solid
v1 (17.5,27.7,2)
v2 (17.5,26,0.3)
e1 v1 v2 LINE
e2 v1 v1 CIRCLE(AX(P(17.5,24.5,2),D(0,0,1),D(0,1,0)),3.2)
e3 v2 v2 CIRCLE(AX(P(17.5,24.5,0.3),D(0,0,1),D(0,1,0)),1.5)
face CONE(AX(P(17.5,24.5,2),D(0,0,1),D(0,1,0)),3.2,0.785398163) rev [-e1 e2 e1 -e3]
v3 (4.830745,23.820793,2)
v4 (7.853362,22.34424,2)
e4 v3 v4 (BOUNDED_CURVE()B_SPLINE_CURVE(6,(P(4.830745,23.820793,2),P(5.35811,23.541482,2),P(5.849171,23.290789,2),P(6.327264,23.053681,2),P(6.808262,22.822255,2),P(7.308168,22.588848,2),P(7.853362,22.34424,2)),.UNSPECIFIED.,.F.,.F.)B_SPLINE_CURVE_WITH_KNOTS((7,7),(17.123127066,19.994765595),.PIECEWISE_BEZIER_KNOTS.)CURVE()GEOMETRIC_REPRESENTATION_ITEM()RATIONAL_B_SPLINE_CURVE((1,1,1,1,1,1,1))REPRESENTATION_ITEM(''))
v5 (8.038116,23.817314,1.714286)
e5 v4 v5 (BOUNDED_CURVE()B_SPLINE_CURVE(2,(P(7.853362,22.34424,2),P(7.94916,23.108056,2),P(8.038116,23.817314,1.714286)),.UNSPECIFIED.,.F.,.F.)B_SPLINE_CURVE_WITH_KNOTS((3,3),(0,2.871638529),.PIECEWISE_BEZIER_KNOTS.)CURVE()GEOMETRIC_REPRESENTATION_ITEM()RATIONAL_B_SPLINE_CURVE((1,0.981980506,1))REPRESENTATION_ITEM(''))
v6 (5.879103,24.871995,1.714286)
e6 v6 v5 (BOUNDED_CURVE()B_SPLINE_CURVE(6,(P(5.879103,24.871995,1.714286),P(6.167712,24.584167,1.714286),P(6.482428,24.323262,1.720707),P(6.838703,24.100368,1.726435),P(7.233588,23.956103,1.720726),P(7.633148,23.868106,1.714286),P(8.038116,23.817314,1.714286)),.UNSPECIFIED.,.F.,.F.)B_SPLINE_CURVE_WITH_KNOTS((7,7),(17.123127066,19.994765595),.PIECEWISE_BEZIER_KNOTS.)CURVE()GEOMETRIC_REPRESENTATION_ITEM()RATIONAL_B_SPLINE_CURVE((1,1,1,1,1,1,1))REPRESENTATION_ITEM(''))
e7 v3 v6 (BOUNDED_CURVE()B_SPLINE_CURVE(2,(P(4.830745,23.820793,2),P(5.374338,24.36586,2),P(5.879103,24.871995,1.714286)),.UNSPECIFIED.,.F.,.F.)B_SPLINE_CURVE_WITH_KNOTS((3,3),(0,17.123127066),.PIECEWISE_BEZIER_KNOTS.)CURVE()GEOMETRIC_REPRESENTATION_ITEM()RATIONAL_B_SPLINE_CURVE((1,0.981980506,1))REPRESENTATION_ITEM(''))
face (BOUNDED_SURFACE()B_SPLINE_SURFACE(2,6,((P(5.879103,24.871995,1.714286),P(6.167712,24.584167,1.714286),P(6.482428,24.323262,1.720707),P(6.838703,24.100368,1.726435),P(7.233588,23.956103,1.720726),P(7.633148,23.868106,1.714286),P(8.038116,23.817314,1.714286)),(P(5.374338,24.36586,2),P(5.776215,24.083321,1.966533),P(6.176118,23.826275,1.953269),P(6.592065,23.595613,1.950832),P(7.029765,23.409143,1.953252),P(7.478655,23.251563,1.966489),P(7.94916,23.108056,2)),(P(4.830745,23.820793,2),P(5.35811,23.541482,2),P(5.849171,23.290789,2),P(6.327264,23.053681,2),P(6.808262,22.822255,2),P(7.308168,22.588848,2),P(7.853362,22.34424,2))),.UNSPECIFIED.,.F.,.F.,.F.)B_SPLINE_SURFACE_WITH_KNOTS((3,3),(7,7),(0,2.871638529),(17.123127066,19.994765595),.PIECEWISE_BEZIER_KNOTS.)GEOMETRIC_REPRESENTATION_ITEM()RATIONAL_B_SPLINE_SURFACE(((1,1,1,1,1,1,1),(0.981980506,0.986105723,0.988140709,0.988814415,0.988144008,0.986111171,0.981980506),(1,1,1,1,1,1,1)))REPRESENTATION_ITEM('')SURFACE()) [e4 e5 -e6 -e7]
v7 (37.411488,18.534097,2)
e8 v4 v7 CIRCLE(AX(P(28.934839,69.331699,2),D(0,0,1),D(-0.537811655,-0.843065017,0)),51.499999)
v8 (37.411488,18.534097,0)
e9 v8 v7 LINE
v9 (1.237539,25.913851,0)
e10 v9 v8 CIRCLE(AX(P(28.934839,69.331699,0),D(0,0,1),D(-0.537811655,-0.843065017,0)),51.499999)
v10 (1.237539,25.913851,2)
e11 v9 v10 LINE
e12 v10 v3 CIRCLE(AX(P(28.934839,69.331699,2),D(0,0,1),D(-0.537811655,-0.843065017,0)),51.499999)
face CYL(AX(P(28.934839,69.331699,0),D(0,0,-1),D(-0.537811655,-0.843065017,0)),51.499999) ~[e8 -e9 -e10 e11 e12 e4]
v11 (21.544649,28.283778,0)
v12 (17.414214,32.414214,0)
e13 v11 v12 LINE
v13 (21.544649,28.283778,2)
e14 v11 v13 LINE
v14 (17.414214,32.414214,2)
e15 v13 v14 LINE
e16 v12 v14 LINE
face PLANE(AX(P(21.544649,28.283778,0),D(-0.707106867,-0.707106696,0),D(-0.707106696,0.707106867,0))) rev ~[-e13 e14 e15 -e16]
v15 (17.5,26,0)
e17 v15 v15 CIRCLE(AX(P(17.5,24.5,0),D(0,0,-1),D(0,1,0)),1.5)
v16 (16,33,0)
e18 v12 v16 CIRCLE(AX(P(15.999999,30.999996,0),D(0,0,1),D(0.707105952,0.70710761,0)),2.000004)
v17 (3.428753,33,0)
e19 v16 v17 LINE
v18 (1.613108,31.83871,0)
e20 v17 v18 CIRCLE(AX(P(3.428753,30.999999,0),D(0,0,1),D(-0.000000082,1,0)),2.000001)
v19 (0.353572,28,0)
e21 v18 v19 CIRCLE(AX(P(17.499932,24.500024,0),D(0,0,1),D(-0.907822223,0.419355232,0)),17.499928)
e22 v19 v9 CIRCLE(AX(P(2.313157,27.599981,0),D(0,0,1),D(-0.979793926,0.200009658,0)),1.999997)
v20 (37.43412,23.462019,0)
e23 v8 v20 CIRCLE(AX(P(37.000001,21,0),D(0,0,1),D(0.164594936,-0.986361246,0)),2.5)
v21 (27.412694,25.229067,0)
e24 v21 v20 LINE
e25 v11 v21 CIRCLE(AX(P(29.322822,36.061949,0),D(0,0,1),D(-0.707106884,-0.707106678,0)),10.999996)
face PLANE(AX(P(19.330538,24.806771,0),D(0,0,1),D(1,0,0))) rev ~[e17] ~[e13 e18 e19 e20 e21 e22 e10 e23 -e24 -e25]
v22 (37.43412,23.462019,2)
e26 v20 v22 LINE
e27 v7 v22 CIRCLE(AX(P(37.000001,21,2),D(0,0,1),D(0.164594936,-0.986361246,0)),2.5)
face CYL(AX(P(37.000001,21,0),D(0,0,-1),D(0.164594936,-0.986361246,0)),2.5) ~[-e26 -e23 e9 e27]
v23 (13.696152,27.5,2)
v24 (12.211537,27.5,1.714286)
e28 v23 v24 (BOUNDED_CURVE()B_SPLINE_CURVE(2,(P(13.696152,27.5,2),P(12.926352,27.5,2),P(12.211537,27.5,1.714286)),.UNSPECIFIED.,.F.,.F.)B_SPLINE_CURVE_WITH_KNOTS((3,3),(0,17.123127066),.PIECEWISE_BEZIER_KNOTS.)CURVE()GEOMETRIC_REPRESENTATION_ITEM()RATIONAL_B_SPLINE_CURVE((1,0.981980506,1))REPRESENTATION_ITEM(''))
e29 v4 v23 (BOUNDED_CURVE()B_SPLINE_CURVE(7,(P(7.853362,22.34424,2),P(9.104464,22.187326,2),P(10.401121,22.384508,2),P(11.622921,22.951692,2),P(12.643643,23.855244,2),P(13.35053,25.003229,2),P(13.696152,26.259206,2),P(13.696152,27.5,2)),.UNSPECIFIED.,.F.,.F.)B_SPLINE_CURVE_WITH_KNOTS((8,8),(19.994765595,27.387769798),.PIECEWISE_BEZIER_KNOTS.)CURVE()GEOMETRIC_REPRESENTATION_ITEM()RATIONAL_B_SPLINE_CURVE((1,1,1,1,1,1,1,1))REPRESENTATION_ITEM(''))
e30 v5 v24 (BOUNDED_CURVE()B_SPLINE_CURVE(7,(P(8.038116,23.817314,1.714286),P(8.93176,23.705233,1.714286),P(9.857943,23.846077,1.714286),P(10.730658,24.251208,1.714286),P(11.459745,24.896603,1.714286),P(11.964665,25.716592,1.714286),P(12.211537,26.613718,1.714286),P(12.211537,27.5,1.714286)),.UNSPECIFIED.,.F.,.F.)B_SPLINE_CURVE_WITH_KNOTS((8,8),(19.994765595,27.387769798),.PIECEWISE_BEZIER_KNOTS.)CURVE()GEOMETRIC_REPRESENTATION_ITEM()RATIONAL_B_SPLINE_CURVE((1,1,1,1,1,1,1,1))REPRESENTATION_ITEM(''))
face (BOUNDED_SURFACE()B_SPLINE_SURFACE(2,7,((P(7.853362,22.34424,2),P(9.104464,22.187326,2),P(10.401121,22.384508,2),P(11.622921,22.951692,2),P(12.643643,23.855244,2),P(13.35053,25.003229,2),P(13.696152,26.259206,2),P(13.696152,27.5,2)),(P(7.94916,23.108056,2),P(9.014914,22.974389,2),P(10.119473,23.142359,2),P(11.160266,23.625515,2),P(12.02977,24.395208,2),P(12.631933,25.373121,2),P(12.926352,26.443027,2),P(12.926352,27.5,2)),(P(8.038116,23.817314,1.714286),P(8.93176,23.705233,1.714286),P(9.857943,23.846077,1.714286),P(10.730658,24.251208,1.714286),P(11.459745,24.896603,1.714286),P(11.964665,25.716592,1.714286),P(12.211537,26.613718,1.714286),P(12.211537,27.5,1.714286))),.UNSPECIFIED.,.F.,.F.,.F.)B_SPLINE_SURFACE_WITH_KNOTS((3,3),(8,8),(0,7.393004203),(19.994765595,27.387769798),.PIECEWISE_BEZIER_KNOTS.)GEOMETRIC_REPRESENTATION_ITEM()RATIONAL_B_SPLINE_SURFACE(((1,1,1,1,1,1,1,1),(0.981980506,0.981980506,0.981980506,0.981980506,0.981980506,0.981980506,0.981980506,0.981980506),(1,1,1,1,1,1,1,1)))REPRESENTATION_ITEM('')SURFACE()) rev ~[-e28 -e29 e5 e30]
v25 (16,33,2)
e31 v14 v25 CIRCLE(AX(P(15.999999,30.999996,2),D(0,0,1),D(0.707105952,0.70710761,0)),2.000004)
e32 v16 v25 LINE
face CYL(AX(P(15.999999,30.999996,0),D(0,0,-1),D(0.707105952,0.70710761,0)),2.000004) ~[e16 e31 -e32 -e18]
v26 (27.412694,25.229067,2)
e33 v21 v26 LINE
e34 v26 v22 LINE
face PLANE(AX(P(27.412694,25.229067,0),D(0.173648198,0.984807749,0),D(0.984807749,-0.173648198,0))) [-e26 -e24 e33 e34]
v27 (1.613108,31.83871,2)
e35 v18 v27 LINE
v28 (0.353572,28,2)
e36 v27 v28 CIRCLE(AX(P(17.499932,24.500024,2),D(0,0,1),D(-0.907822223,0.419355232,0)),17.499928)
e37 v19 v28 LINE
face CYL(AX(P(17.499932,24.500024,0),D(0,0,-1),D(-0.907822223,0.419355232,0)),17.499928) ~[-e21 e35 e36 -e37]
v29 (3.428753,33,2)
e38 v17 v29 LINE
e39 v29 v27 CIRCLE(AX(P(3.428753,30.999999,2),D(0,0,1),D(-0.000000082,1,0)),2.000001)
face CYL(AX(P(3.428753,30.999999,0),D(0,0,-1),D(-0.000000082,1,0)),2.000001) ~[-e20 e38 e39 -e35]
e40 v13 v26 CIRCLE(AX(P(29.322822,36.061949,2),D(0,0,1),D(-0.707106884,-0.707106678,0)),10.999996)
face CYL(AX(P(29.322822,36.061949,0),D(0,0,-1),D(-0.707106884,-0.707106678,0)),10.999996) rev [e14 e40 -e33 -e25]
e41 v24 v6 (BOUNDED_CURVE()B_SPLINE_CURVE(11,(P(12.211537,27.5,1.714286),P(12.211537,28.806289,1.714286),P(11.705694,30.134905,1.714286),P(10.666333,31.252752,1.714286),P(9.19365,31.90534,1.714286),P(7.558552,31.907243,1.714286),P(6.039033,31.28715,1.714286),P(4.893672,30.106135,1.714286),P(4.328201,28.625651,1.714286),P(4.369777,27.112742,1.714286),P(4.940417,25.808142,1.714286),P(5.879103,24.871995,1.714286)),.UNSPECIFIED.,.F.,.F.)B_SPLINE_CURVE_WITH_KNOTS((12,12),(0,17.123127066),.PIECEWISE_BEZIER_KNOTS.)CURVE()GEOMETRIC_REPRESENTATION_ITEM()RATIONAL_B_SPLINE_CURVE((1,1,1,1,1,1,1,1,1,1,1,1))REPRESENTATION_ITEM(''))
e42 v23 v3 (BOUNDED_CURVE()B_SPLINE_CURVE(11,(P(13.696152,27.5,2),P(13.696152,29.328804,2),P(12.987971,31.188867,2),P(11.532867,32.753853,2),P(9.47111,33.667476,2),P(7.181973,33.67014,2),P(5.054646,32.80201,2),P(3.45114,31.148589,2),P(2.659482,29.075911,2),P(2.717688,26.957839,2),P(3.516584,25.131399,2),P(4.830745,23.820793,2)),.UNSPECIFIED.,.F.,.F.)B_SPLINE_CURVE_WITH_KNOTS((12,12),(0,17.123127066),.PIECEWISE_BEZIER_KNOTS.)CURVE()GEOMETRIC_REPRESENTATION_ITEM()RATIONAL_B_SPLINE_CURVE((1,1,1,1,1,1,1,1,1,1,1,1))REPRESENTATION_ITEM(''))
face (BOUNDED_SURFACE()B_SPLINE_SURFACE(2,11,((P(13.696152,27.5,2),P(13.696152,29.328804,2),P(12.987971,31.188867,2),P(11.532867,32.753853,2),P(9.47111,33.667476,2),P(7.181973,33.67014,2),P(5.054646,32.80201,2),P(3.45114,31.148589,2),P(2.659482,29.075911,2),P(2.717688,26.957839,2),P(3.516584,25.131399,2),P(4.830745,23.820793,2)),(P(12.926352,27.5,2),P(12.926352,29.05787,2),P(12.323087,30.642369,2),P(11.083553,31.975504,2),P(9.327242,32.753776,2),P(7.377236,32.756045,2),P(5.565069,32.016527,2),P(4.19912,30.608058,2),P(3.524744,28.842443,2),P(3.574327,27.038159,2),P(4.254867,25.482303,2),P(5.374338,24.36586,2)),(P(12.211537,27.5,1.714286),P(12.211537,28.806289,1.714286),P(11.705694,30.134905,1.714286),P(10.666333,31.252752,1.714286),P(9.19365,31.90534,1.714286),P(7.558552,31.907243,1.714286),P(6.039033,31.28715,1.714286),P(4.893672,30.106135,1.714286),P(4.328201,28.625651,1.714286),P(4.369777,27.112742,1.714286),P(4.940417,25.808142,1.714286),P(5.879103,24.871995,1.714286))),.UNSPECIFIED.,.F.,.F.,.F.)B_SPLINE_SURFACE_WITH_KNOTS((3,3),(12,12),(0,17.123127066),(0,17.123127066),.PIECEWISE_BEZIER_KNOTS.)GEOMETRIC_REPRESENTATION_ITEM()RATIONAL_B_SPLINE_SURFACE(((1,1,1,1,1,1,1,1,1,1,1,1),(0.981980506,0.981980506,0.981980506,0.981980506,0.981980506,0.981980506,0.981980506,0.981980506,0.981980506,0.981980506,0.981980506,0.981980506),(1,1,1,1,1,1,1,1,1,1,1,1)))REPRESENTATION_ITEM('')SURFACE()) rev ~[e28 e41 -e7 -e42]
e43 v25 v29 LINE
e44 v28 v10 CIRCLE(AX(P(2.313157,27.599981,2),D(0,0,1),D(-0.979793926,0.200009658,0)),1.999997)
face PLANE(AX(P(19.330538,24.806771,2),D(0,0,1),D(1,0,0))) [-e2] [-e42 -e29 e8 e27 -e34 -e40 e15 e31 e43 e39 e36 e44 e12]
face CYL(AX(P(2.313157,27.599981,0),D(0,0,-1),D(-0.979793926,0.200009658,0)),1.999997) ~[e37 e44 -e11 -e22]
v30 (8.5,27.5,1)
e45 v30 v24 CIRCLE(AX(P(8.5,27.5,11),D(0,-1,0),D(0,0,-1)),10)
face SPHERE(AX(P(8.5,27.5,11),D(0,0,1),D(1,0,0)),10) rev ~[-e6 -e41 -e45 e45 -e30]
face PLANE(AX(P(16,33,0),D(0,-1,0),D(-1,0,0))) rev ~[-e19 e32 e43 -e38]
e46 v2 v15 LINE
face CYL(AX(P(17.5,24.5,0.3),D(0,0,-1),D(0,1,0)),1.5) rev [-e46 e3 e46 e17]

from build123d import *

# Parameters (mm, degrees)
PAD003_DEPTH = 2
FILLET_R     = 4


with BuildPart() as sphere:
    # Sphere → Sphere (revolve)
    with BuildSketch(Plane(origin=(8.5, 27.5, 11), x_dir=(1, 0, 0), z_dir=(0, -1, 0))):
        with BuildLine():
            ThreePointArc((0, -10), (10, 0), (0, 10))
            Line((0, 10), (0, -10))
        make_face()
    revolve(axis=Axis((8.5, 27.5, 11), (0, 0, 1)))


with BuildPart() as clone_of_countersunk002:
    # Sketch007 → Revolution001 (revolve)
    with BuildSketch(Plane.YZ):
        Polygon((3.2, 0), (1.5, -1.7), (1.5, -10), (0, -10), (0, 0), align=None)
    revolve(axis=Axis((0, 0, 0), (0, 0, 1)))


with BuildPart() as clone_of_countersunk002_1:
    # Clone005 placement: moved
    add(clone_of_countersunk002.part.moved(Location((17.5, 24.5, 2))))


with BuildPart() as samplefix:
    # Sketch → Pad003 (new body)
    with BuildSketch(Plane.XY):
        with BuildLine():
            ThreePointArc((1.237539, 25.913851), (18.640493, 18.871057), (37.411488, 18.534097))
            ThreePointArc((37.411488, 18.534097), (39.499974, 20.988518), (37.43412, 23.462019))
            Line((27.412694, 25.229067), (37.43412, 23.462019))
            ThreePointArc((21.544649, 28.283778), (24.243589, 26.304833), (27.412694, 25.229067))
            Line((21.544649, 28.283778), (17.414214, 32.414214))
            ThreePointArc((17.414214, 32.414214), (16.765367, 32.847759), (16, 33))
            Line((16, 33), (3.428753, 33))
            ThreePointArc((3.428753, 33), (2.351121, 32.684847), (1.613108, 31.83871))
            ThreePointArc((1.613108, 31.83871), (0.872192, 29.955824), (0.353572, 28))
            ThreePointArc((0.353572, 28), (0.471658, 26.81968), (1.237539, 25.913851))
        make_face()
    extrude(amount=PAD003_DEPTH)

    # Cut003: cut Clone of Countersunk002
    add(clone_of_countersunk002_1.part, mode=Mode.SUBTRACT)

    # Cut004: cut Sphere
    add(sphere.part, mode=Mode.SUBTRACT)

    # Fillet
    fillet_edges = [samplefix.edges().sort_by_distance(p)[0] for p in [
        (4.141101, 27.5, 2),
    ]]
    fillet(fillet_edges, radius=FILLET_R)


solid = samplefix.part
